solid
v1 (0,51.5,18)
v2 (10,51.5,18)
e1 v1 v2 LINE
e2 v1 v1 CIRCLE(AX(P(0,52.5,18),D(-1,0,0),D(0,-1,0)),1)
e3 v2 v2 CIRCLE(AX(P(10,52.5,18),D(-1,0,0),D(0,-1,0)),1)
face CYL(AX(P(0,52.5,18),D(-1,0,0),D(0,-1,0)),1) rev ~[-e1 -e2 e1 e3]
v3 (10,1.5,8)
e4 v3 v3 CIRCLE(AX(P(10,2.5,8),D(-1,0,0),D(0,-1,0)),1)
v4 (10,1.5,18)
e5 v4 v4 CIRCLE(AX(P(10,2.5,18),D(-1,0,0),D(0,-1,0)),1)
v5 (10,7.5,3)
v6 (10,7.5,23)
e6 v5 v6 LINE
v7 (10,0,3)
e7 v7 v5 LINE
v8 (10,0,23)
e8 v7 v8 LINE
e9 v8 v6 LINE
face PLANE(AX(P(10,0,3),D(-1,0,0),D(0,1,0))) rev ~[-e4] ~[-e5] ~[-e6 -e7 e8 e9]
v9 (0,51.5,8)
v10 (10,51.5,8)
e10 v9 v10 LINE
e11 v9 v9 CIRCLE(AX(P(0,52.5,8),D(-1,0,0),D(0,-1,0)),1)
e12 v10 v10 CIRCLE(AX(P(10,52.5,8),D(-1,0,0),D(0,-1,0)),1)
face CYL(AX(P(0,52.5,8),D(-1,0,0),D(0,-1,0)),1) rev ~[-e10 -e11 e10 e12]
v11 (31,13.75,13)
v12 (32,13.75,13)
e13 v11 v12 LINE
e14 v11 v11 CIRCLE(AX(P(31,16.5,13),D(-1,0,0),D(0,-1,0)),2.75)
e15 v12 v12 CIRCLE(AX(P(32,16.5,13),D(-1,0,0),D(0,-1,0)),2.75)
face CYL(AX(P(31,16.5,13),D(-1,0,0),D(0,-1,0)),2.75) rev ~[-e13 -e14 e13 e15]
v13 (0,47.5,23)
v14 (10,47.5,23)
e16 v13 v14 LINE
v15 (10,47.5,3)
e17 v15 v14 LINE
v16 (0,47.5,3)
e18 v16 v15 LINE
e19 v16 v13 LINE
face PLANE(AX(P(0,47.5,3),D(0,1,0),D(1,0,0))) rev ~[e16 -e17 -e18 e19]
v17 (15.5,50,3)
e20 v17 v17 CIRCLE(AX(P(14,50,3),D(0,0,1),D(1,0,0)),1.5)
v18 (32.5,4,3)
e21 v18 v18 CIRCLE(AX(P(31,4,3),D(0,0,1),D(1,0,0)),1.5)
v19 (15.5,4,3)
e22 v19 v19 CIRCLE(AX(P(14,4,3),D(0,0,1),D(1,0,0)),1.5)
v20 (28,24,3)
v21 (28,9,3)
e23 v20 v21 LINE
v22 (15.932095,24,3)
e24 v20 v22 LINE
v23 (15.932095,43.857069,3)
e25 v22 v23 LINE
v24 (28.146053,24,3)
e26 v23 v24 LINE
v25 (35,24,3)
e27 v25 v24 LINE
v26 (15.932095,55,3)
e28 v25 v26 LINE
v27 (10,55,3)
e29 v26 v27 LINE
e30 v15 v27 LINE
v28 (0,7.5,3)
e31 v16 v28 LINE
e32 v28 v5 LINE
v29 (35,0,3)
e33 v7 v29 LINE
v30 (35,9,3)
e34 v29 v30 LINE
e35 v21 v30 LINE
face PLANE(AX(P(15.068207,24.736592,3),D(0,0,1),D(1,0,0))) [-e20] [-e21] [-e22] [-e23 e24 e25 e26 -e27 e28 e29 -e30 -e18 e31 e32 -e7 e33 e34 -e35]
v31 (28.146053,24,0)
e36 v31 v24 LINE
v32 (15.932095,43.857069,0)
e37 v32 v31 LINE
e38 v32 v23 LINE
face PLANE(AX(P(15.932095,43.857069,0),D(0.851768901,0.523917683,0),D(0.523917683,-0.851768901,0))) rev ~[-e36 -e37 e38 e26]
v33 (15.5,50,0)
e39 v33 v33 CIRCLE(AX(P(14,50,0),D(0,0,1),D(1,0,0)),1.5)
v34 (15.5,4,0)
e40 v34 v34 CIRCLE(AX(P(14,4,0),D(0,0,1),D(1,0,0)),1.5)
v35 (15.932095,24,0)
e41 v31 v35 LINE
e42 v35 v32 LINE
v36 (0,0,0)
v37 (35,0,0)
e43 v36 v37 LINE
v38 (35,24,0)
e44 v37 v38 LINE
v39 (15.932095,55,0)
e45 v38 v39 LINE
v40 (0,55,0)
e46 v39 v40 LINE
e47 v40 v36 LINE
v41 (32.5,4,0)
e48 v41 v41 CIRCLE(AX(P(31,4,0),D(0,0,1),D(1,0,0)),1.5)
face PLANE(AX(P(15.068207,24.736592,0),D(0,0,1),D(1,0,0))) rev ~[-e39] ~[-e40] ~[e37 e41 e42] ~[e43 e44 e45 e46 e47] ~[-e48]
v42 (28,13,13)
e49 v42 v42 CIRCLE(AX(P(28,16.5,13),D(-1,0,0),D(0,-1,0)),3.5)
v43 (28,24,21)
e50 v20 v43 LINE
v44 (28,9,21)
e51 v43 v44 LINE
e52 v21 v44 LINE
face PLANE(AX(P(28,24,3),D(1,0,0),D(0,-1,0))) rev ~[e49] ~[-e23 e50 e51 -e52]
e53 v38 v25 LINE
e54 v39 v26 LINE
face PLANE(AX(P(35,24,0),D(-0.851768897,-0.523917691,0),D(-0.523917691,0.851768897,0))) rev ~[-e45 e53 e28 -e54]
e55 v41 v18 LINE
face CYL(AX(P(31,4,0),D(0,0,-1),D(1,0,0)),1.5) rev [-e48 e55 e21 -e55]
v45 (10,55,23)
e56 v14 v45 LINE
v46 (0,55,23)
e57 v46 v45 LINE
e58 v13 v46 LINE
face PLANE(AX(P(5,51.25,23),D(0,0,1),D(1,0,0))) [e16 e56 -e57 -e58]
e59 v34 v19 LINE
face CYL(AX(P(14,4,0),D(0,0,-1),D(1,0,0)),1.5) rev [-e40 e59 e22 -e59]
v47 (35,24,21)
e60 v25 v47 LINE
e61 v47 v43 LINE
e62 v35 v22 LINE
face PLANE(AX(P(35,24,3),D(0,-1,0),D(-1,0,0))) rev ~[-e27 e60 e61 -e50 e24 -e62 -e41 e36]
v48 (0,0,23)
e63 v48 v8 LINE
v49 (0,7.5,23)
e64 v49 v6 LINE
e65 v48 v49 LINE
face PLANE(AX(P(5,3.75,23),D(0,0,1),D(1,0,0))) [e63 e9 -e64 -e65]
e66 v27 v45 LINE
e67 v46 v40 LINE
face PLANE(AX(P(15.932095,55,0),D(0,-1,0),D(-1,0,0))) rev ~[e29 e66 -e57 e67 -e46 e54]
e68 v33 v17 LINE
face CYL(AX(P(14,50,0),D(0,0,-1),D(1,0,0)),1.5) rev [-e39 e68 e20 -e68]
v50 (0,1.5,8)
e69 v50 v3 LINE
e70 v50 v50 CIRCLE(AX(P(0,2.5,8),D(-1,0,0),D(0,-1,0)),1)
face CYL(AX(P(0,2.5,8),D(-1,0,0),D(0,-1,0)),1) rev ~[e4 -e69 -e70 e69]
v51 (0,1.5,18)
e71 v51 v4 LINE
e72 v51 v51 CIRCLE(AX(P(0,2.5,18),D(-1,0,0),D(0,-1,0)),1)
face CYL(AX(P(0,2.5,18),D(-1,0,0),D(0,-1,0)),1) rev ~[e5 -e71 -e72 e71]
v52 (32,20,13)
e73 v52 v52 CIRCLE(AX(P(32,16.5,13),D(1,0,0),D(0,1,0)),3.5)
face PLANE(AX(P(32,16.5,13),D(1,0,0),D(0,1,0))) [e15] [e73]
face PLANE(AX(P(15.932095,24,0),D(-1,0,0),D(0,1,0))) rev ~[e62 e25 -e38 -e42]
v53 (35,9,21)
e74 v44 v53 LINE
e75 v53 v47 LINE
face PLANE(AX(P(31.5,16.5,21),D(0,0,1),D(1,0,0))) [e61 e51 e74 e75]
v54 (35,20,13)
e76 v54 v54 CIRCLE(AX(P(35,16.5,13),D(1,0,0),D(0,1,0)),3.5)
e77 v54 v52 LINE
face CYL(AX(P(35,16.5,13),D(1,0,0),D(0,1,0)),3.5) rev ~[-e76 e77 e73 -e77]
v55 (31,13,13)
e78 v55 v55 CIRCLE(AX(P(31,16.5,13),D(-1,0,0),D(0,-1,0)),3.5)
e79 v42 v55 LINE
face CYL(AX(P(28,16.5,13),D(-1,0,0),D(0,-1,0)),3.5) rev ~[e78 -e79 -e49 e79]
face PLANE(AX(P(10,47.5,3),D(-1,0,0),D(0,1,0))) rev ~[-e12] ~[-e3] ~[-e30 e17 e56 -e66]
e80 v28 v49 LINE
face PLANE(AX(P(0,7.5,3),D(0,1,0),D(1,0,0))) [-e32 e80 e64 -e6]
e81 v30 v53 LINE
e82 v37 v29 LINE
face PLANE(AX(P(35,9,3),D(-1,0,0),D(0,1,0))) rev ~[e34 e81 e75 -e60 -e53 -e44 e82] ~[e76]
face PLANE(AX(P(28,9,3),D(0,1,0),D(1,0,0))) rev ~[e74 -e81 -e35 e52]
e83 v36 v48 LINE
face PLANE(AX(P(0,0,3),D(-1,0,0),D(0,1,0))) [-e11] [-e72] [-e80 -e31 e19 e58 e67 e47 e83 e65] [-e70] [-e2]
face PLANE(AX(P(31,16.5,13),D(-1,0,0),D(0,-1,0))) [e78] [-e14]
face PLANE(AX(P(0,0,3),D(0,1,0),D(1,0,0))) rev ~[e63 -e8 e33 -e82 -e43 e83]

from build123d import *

# Parameters (mm, degrees)
F0_R      = 1.5
F1_DEPTH  = 3
F3_DEPTH  = 18
F2_W      = 10
F2_H      = 7.5
F4_DEPTH  = 20
F5_R      = 3.5
F6_DEPTH  = 3
F7_R      = 2.75
F8_DEPTH  = 25
F9_R      = 1
F10_DEPTH = 25
F11_R     = 3.5
F12_DEPTH = 3


with BuildPart() as f1:
    # F0 (on Top) → F1 (new body)
    with BuildSketch(Plane.XY):
        Polygon((0, 55), (0, 0), (35, 0), (35, 24), (15.932095, 55), align=None)
        with Locations((14, 4)):
            Circle(F0_R, mode=Mode.SUBTRACT)
        with Locations((31, 4)):
            Circle(F0_R, mode=Mode.SUBTRACT)
        with Locations((14, 50)):
            Circle(F0_R, mode=Mode.SUBTRACT)
        Polygon((15.932095, 24), (15.932095, 43.857069), (28.146053, 24), align=None, mode=Mode.SUBTRACT)
    extrude(amount=F1_DEPTH)

    # F2 (on face) → F3 (join)
    with BuildSketch(Plane.XY.offset(3)):
        Polygon((28, 9), (35, 9), (35, 24), (28.146053, 24), (28, 24), align=None)
    extrude(amount=F3_DEPTH)

    # F2 (on face) → F4 (join)
    with BuildSketch(Plane.XY.offset(3)):
        with Locations((5, 3.75)):
            Rectangle(F2_W, F2_H)
        with Locations((5, 51.25)):
            Rectangle(F2_W, F2_H)
    extrude(amount=F4_DEPTH)

    # F5 (on face) → F6 (cut)
    with BuildSketch(Plane(origin=(28, 0, 0), x_dir=(0, -1, 0), z_dir=(-1, 0, 0))):
        with Locations((-16.5, 13)):
            Circle(F5_R)
    extrude(amount=-F6_DEPTH, mode=Mode.SUBTRACT)

    # F7 (on face) → F8 (cut)
    with BuildSketch(Plane(origin=(31, 0, 0), x_dir=(0, -1, 0), z_dir=(-1, 0, 0))):
        with Locations((-16.5, 13)):
            Circle(F7_R)
    extrude(amount=-F8_DEPTH, mode=Mode.SUBTRACT)

    # F9 (on face) → F10 (cut)
    with BuildSketch(Plane(origin=(0, 0, 0), x_dir=(0, -1, 0), z_dir=(-1, 0, 0))):
        with Locations((-2.5, 18)):
            Circle(F9_R)
        with Locations((-2.5, 8)):
            Circle(F9_R)
        with Locations((-52.5, 18)):
            Circle(F9_R)
        with Locations((-52.5, 8)):
            Circle(F9_R)
    extrude(amount=-F10_DEPTH, mode=Mode.SUBTRACT)

    # F11 (on face) → F12 (cut)
    with BuildSketch(Plane.YZ.offset(35)):
        with Locations((16.5, 13)):
            Circle(F11_R)
    extrude(amount=-F12_DEPTH, mode=Mode.SUBTRACT)


solid = f1.part
